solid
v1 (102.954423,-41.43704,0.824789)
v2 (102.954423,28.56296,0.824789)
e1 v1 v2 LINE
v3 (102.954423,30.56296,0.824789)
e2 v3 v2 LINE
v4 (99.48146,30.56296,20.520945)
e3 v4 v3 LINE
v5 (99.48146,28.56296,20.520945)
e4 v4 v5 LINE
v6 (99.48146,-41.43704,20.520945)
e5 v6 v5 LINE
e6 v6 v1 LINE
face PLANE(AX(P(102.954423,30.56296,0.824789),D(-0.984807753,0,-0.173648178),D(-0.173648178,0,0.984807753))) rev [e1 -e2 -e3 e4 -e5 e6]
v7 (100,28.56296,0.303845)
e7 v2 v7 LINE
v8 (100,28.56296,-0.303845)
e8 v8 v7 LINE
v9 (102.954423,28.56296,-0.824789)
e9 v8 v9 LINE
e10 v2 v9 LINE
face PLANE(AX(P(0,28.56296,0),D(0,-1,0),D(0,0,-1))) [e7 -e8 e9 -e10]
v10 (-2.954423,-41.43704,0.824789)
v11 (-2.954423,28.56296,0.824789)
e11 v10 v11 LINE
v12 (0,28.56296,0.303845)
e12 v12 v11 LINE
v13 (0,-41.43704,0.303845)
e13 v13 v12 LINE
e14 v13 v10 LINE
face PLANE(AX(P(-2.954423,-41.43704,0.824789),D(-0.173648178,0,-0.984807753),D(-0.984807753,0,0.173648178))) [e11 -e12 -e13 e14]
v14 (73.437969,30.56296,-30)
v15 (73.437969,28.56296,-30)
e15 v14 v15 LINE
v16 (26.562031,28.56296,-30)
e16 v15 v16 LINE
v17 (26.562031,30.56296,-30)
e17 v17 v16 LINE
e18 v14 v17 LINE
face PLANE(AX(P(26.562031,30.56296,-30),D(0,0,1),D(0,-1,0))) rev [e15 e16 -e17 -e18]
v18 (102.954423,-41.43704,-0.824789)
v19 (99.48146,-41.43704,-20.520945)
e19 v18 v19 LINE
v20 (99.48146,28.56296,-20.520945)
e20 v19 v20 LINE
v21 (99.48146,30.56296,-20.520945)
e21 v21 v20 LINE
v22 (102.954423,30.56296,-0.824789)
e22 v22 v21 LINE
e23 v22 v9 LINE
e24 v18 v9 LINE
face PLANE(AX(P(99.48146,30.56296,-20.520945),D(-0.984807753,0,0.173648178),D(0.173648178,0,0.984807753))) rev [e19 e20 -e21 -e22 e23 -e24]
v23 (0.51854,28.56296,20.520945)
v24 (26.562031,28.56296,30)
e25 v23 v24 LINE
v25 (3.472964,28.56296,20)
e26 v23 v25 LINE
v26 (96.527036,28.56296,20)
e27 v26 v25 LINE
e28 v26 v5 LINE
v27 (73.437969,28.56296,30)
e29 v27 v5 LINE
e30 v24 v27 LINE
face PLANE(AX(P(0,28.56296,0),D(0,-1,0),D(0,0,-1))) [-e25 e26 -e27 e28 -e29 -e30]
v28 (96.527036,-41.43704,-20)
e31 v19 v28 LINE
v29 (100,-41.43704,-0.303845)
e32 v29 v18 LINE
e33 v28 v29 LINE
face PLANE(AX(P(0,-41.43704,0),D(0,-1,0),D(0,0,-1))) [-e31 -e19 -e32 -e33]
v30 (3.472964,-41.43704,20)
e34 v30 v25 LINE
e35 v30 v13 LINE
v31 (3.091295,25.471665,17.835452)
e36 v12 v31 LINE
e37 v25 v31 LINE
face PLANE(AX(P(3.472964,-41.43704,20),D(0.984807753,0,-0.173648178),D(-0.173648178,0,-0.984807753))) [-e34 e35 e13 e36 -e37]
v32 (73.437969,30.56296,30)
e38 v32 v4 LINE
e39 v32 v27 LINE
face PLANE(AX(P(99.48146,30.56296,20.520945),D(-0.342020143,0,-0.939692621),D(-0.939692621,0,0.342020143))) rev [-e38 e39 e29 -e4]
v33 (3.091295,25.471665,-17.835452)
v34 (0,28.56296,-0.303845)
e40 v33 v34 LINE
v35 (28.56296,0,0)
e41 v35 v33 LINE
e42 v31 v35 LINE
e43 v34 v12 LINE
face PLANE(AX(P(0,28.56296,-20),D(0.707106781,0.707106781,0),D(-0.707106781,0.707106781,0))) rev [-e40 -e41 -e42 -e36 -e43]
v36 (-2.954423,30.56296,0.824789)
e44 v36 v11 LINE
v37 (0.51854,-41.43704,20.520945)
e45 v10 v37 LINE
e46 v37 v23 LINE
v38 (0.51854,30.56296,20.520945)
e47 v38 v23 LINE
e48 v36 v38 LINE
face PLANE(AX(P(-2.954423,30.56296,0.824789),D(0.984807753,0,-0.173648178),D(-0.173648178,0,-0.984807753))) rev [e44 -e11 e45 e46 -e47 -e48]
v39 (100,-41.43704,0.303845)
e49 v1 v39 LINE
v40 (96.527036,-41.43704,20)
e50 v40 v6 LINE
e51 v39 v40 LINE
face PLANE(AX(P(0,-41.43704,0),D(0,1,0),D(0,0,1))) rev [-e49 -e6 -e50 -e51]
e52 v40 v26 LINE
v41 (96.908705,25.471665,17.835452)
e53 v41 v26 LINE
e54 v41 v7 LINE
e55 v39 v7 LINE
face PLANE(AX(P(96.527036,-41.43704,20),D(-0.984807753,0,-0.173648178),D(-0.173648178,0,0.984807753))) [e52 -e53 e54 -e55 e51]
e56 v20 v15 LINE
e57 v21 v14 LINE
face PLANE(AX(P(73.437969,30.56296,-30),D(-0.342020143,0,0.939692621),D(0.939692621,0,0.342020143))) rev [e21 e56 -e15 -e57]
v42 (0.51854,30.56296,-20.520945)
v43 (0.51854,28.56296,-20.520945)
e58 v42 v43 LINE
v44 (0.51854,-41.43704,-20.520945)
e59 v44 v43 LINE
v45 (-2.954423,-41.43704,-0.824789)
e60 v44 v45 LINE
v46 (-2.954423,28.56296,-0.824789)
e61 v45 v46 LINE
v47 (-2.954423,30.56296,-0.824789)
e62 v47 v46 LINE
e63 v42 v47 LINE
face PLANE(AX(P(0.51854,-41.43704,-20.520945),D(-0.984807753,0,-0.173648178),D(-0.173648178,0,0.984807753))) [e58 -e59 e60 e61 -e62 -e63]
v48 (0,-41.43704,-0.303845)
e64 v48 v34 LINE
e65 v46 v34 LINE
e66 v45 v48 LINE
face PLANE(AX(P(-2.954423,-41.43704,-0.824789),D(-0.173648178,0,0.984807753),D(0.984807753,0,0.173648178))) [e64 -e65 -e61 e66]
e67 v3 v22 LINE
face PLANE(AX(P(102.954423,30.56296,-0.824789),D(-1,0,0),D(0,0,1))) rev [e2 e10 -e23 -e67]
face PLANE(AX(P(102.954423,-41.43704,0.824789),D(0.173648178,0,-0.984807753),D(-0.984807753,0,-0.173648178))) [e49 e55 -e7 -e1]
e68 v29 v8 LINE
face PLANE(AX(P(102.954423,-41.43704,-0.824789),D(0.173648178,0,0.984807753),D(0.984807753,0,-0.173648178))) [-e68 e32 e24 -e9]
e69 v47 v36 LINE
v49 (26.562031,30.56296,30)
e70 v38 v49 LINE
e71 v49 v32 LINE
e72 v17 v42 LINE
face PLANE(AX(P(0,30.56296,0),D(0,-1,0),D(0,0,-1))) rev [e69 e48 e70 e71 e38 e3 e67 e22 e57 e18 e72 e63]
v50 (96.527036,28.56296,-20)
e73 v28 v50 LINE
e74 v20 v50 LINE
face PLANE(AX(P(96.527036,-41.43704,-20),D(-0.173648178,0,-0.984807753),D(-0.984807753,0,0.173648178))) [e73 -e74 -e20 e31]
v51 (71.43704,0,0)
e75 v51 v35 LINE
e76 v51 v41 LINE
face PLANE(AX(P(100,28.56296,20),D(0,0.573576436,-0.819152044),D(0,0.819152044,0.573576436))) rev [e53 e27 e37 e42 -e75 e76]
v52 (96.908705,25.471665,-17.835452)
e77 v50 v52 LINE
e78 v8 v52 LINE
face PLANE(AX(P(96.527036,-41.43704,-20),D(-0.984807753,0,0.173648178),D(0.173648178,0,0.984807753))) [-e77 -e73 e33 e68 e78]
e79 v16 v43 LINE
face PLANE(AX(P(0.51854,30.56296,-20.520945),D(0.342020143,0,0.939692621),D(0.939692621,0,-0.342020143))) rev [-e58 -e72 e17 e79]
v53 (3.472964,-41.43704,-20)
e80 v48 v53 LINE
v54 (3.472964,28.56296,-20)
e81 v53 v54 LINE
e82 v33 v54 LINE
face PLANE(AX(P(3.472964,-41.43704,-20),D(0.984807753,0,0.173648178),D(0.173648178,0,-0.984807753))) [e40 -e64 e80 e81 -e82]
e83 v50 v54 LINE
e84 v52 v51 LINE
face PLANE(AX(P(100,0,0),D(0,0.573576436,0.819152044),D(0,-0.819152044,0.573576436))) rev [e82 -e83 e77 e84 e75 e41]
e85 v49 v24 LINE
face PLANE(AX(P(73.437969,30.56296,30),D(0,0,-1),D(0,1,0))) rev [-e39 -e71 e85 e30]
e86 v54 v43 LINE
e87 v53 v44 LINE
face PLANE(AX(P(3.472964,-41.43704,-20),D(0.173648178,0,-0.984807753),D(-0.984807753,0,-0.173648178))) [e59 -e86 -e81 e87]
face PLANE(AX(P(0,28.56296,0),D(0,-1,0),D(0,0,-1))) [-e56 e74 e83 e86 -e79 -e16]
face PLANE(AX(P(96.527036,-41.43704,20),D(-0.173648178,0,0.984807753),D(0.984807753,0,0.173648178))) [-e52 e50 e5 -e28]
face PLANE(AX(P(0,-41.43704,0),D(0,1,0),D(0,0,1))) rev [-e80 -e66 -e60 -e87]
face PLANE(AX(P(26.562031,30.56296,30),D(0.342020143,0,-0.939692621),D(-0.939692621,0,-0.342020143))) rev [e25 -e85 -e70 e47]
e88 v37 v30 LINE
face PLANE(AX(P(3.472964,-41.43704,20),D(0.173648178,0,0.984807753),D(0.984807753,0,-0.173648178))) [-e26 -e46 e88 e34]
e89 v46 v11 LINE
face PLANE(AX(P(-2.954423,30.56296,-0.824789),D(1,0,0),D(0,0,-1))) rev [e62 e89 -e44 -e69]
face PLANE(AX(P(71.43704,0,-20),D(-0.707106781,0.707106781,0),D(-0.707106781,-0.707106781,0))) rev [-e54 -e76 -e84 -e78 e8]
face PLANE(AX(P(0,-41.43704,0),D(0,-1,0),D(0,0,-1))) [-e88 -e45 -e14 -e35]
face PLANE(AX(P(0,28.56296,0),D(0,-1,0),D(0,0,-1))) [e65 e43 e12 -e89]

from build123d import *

# Parameters (mm, degrees)
BOSS_EXTRUDE1_DEPTH   = 100
CUT_EXTRUDE1_START    = -28.129025
CUT_EXTRUDE1_DEPTH    = 28.129025
BOSS_EXTRUDE2_DEPTH   = 70
BOSS_EXTRUDE2_2_DEPTH = 70
BOSS_EXTRUDE2_3_DEPTH = 70
BOSS_EXTRUDE2_4_DEPTH = 70
CUT_EXTRUDE2_START    = -20.520945
CUT_EXTRUDE2_DEPTH    = 38.356397
BOSS_EXTRUDE4_DEPTH   = 2


with BuildPart() as part:
    # Sketch2 → Boss-Extrude1 (new body)
    with BuildSketch(Plane(origin=(0, 0, 0), x_dir=(0, 0, -1), z_dir=(1, 0, 0))):
        Polygon((0, 0), (20, 28.562960135), (-20, 28.562960135), align=None)
    extrude(amount=BOSS_EXTRUDE1_DEPTH)

    # Sketch3 → Cut-Extrude1 (cut)
    with BuildSketch(Plane(origin=(0, 28.562960135, 0), x_dir=(1, 0, 0), z_dir=(0, 1, 0)).offset(CUT_EXTRUDE1_START)):
        Polygon((96.527036447, 20), (100, 0.30384494), (100, 20), align=None)
        Polygon((0, 0.30384494), (3.472963553, 20), (0, 20), align=None)
        Polygon((96.527036447, -20), (100, -0.30384494), (100, -20), align=None)
        Polygon((0, -0.30384494), (3.472963553, -20), (0, -20), align=None)
    extrude(amount=CUT_EXTRUDE1_DEPTH, mode=Mode.SUBTRACT)

    # Sketch7 → Cut-Extrude2 (cut)
    with BuildSketch(Plane.XY.offset(CUT_EXTRUDE2_START)):
        Polygon((0, 28.562960135), (28.562960135, 0), (0, 0), align=None)
        Polygon((100, 28.562960135), (100, 0), (71.437039865, 0), align=None)
    extrude(amount=CUT_EXTRUDE2_DEPTH, mode=Mode.SUBTRACT)



with BuildPart() as body_2:
    # Sketch4 → Boss-Extrude2 (new body)
    with BuildSketch(Plane(origin=(0, 28.562960135, 0), x_dir=(1, 0, 0), z_dir=(0, 1, 0))):
        Polygon((3.472963553, 20), (0.518540294, 20.520944533), (-2.954423259, 0.824789473), (0, 0.30384494), align=None)
    extrude(amount=-BOSS_EXTRUDE2_DEPTH)


with BuildPart() as body_3:
    # Sketch4 → Boss-Extrude2 2 (new body)
    with BuildSketch(Plane(origin=(0, 28.562960135, 0), x_dir=(1, 0, 0), z_dir=(0, 1, 0))):
        Polygon((96.527036447, 20), (100, 0.30384494), (102.954423259, 0.824789473), (99.481459706, 20.520944533), align=None)
    extrude(amount=-BOSS_EXTRUDE2_2_DEPTH)


with BuildPart() as body_4:
    # Sketch4 → Boss-Extrude2 3 (new body)
    with BuildSketch(Plane(origin=(0, 28.562960135, 0), x_dir=(1, 0, 0), z_dir=(0, 1, 0))):
        Polygon((96.527036447, -20), (99.481459706, -20.520944533), (102.954423259, -0.824789473), (100, -0.30384494), align=None)
    extrude(amount=-BOSS_EXTRUDE2_3_DEPTH)


with BuildPart() as body_5:
    # Sketch4 → Boss-Extrude2 4 (new body)
    with BuildSketch(Plane(origin=(0, 28.562960135, 0), x_dir=(1, 0, 0), z_dir=(0, 1, 0))):
        Polygon((3.472963553, -20), (0, -0.30384494), (-2.954423259, -0.824789473), (0.518540294, -20.520944533), align=None)
    extrude(amount=-BOSS_EXTRUDE2_4_DEPTH)


with BuildPart() as part_1:
    add(part.part)

    add(body_2.part)  # Boss-Extrude4 merges body 2

    add(body_3.part)  # Boss-Extrude4 merges body 3

    add(body_4.part)  # Boss-Extrude4 merges body 4

    add(body_5.part)  # Boss-Extrude4 merges body 5
    # Sketch8 → Boss-Extrude4 (add)
    with BuildSketch(Plane(origin=(0, 28.562960135, 0), x_dir=(1, 0, 0), z_dir=(0, 1, 0))):
        Polygon((0.518540294, 20.520944533), (26.562031148, 30), (73.437968852, 30), (99.481459706, 20.520944533), (102.954423259, 0.824789473), (102.954423259, -0.824789473), (99.481459706, -20.520944533), (73.437968852, -30), (26.562031148, -30), (0.518540294, -20.520944533), (-2.954423259, -0.824789473), (-2.954423259, 0.824789473), align=None)
    extrude(amount=BOSS_EXTRUDE4_DEPTH)


solid = part_1.part
